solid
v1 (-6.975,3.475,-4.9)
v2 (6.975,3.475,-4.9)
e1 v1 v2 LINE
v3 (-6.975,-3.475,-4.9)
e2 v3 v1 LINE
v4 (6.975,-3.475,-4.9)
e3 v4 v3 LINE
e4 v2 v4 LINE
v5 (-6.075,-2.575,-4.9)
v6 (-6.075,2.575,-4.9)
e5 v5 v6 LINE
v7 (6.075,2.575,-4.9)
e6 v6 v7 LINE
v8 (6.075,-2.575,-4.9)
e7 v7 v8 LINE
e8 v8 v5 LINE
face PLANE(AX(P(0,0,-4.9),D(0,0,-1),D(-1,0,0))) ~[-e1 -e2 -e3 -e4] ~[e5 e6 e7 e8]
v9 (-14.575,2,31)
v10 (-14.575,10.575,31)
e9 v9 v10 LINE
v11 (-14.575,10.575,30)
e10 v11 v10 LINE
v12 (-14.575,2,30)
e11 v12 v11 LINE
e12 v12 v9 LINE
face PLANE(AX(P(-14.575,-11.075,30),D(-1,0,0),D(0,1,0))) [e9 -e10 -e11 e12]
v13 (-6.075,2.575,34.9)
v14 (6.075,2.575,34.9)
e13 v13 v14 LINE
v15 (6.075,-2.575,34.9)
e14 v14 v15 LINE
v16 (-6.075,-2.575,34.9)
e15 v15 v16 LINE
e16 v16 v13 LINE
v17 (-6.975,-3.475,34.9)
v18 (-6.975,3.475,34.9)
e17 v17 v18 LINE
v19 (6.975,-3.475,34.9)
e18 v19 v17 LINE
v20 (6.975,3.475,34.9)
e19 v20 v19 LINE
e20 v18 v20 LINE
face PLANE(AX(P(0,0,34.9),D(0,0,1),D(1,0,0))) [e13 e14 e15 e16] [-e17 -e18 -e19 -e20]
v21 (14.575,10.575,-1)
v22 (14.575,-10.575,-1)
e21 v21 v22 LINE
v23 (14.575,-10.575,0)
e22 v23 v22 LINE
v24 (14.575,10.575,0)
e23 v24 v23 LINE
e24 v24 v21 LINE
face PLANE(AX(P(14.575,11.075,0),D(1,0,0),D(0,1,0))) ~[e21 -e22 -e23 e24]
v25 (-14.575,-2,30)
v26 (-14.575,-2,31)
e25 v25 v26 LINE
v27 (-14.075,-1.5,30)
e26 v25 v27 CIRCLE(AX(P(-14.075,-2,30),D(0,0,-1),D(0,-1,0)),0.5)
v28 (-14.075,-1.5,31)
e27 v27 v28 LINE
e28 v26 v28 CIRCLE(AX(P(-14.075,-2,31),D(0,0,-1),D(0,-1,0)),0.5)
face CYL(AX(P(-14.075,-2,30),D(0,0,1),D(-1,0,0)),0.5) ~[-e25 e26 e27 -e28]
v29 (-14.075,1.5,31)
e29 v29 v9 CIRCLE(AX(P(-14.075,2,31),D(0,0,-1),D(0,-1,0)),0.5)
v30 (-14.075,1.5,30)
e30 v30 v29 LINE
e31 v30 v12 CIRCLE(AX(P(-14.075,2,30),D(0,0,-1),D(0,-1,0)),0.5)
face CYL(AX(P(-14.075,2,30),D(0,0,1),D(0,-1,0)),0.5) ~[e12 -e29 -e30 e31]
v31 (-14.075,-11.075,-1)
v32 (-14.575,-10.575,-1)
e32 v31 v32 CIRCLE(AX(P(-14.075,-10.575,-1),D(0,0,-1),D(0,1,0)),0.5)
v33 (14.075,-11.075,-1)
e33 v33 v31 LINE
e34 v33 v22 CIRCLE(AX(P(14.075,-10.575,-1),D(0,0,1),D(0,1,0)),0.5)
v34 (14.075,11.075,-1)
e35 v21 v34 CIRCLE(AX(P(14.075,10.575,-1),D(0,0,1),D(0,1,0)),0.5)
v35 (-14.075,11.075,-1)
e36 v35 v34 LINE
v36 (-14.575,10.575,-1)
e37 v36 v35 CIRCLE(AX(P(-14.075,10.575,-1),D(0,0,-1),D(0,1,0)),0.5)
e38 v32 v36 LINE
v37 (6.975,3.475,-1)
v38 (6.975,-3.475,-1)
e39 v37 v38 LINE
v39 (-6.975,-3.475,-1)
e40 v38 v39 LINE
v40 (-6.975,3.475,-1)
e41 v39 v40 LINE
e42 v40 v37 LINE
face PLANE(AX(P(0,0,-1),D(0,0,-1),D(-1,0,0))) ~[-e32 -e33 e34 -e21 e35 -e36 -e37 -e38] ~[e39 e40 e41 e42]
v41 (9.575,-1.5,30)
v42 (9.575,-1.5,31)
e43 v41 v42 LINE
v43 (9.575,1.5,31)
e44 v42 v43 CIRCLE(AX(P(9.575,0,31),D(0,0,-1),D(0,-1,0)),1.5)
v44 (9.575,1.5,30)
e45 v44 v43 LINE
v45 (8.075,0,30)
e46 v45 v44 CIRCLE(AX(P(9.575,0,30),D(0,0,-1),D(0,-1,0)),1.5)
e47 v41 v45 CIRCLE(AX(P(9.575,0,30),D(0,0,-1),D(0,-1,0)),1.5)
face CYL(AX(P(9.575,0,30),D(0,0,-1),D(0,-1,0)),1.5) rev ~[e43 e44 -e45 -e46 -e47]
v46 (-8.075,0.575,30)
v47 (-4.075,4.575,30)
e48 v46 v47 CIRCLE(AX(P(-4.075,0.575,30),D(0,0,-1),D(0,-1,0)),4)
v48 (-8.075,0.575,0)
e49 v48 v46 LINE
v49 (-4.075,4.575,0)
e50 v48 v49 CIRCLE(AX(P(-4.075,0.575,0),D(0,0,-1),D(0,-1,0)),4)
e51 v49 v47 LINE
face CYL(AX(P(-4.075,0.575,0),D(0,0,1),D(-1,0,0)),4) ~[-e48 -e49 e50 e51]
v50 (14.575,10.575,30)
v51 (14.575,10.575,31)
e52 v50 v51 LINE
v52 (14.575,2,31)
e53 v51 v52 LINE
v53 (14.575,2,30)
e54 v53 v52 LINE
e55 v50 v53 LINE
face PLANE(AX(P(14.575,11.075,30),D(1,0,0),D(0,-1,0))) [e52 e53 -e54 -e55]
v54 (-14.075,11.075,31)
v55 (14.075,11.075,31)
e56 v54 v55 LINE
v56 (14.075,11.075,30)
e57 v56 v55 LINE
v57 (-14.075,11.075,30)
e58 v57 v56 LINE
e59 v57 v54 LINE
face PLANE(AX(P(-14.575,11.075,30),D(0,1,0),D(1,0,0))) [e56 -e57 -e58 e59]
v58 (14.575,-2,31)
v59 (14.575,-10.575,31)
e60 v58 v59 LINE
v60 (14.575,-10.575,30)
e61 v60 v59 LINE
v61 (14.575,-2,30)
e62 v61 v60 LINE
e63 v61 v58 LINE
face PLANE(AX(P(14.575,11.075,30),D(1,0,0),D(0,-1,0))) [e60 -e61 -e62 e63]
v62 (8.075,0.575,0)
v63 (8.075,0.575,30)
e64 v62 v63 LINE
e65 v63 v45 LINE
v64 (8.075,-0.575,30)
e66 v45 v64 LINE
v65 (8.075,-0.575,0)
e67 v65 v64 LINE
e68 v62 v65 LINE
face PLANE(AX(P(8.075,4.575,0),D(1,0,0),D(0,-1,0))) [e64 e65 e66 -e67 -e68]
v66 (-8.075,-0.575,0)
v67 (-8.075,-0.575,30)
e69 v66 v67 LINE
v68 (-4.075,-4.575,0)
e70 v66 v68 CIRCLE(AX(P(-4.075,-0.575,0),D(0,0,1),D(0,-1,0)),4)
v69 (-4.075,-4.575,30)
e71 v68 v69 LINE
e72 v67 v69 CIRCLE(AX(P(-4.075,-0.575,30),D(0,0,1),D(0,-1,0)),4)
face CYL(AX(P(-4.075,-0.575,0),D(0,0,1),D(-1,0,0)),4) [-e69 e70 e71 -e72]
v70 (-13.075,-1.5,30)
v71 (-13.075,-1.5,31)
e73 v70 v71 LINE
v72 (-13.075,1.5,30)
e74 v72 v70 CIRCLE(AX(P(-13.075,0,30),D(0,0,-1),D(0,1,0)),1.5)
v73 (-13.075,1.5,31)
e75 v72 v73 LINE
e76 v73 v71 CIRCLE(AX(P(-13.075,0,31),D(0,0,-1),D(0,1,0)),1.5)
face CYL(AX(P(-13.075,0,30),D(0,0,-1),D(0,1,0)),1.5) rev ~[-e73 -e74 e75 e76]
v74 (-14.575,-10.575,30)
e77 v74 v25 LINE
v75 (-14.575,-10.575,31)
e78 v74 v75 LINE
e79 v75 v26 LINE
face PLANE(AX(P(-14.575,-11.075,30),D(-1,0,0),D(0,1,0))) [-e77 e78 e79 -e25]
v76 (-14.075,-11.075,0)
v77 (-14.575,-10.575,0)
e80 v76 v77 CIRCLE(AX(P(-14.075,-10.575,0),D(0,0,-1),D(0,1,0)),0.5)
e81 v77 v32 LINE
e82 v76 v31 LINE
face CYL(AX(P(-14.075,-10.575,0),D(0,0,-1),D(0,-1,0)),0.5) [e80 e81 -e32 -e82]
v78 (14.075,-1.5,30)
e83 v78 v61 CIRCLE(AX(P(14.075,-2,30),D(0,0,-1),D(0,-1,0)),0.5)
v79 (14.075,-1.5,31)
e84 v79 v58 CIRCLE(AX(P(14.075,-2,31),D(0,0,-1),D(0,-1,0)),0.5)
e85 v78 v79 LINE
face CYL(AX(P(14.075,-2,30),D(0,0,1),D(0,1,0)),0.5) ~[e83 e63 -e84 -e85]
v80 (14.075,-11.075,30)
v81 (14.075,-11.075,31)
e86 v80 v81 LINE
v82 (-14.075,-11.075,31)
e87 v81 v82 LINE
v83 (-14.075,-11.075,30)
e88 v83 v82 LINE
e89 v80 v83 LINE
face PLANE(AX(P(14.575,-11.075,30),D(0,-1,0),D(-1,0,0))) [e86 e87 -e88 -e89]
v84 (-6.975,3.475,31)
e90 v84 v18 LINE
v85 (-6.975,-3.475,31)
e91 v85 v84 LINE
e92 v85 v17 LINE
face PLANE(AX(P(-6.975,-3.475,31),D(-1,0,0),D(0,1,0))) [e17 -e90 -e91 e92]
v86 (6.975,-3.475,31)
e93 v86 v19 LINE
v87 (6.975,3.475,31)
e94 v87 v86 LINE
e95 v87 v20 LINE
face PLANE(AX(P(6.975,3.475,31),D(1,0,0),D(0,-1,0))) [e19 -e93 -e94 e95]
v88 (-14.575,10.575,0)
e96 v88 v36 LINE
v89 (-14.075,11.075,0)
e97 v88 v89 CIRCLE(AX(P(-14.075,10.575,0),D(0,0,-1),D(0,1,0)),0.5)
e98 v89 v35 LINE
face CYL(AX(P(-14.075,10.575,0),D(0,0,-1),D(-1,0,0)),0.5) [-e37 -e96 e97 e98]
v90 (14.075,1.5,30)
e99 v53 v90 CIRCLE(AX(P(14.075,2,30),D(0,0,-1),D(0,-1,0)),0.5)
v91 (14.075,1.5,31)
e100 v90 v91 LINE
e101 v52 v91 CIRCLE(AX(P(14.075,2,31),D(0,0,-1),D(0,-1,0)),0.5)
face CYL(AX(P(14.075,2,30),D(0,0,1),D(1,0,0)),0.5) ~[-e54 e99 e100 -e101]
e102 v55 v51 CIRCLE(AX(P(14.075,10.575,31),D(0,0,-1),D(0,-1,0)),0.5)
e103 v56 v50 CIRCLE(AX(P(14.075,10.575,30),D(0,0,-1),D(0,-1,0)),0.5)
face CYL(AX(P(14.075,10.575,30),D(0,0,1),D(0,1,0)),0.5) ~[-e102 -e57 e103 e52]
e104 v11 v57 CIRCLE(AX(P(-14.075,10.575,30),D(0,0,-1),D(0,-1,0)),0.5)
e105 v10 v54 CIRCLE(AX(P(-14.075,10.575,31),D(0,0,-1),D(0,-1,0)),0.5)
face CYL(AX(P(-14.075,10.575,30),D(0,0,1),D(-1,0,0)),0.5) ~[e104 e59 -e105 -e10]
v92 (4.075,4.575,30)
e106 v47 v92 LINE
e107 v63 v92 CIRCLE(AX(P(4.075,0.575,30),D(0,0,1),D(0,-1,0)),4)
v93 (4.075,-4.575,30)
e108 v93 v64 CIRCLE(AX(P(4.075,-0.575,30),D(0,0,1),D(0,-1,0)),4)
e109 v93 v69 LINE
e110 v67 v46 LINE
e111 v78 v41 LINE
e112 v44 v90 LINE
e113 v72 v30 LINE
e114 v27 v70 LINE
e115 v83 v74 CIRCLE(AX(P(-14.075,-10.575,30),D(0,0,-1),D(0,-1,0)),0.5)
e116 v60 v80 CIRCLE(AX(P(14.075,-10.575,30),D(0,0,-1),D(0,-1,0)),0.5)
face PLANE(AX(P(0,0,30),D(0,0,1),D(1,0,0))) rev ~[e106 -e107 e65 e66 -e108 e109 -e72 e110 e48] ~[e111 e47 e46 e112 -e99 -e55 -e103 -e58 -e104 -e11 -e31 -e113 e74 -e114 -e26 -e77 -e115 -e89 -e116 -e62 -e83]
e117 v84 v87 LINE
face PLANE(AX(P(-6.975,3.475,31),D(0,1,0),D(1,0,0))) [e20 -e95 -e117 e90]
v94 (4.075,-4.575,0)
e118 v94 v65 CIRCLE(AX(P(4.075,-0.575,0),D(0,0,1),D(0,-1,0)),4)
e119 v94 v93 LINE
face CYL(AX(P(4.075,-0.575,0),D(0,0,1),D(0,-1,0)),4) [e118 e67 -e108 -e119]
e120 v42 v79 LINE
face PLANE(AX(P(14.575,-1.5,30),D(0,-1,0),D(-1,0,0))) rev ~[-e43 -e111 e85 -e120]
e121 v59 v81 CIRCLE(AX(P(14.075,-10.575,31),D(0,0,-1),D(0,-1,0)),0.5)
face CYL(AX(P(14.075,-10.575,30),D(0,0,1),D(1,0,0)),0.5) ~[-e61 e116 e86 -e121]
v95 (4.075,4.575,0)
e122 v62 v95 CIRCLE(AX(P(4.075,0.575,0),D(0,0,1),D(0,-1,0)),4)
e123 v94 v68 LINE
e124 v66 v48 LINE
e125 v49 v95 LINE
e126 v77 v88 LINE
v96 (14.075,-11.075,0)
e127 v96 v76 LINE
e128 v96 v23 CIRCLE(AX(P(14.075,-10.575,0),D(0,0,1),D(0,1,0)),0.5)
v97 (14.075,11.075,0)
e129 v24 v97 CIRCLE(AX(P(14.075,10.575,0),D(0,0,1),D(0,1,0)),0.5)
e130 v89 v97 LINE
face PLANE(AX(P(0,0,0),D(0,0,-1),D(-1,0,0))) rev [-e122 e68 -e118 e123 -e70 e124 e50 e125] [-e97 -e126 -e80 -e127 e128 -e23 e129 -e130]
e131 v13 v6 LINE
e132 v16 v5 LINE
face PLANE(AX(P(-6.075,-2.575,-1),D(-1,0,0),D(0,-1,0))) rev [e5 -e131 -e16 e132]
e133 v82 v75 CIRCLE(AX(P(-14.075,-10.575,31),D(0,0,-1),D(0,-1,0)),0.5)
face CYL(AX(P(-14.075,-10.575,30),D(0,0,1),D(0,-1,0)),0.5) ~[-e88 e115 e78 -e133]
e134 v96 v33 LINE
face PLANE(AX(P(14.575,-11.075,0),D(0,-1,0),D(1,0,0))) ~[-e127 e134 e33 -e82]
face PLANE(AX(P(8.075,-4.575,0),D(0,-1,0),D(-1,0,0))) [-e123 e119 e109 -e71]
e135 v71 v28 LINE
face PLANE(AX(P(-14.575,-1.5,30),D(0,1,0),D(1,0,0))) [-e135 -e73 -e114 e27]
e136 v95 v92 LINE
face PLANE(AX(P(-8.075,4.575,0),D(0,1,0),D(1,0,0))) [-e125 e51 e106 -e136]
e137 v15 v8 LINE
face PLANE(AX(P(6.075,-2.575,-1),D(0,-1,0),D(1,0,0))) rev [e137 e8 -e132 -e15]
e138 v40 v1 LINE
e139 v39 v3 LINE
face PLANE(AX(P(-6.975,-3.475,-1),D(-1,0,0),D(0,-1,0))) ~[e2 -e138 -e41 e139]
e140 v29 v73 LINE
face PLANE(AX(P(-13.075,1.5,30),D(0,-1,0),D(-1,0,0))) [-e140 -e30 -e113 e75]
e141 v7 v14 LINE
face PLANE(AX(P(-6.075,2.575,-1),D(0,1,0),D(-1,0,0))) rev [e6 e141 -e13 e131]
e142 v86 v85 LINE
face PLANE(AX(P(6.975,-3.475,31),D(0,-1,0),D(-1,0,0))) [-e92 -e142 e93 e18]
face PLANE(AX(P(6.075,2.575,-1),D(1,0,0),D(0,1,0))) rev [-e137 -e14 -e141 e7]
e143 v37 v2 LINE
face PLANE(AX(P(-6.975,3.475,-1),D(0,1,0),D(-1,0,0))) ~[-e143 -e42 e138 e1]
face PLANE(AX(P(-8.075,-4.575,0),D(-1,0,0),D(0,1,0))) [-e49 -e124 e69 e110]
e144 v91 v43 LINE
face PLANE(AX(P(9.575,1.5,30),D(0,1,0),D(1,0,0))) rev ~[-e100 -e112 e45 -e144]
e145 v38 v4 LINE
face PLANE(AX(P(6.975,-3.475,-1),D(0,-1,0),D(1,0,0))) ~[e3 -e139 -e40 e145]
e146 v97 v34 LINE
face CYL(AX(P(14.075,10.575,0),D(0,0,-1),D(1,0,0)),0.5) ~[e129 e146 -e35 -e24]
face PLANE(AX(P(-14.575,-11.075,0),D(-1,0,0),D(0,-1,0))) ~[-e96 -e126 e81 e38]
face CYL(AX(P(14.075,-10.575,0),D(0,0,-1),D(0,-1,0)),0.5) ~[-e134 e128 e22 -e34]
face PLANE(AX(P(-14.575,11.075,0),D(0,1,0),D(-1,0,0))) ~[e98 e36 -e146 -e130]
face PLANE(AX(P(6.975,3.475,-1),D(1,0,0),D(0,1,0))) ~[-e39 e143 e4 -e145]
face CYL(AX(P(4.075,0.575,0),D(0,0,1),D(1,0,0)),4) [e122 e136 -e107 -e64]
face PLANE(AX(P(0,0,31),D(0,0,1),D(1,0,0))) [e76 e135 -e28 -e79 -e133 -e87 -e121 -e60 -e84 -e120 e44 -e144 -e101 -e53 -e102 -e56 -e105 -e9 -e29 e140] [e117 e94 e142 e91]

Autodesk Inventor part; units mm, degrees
ref_plane "YZ Plane" through (0, 0, 0) normal (1, 0, 0) x (0, 1, 0)
ref_plane "XZ Plane" through (0, 0, 0) normal (0, 1, 0) x (-1, 0, 0)
sketch "Sketch1" plane through (0, 0, 0) normal (0, 0, 1) x (1, 0, 0)
  line L0 (-6.075, -2.575) -> (6.075, -2.575)
  line L1 (6.075, -2.575) -> (6.075, 2.575)
  line L2 (6.075, 2.575) -> (-6.075, 2.575)
  line L3 (-6.075, 2.575) -> (-6.075, -2.575)
  line L4 (-6.075, -2.575) -> (6.075, 2.575) construction
  line L5 (6.075, -2.575) -> (-6.075, 2.575) construction
  line L6 (-8.075, 4.575) -> (8.075, 4.575)
  line L7 (8.075, 4.575) -> (8.075, -4.575)
  line L8 (8.075, -4.575) -> (-8.075, -4.575)
  line L9 (-8.075, -4.575) -> (-8.075, 4.575)
  point P0 (0, 0)
  dimension "d0" = 5.15
  dimension "d1" = 12.15
  dimension "d2" = 2
extrude "Extrusion1" add sketch "Sketch1" along normal blind 30
sketch "Sketch2" plane through (0, 0, 30) normal (0, 0, 1) x (1, 0, 0)
  line L0 (14.575, -11.075) -> (-14.575, -11.075)
  line L1 (-14.575, -11.075) -> (-14.575, 11.075)
  line L2 (-14.575, 11.075) -> (14.575, 11.075)
  line L3 (14.575, 11.075) -> (14.575, -11.075)
  line L4 (14.575, -11.075) -> (-14.575, 11.075) construction
  line L5 (-14.575, -11.075) -> (14.575, 11.075) construction
  line L6 (8.075, 4.575) -> (-8.075, 4.575) construction
  line L7 (-8.075, 4.575) -> (-8.075, -4.575) construction
  line L8 (8.075, -4.575) -> (8.075, 4.575) construction
  line L9 (-6.075, -2.575) -> (-6.075, 2.575) projected
  line L10 (-6.075, 2.575) -> (6.075, 2.575) projected
  line L11 (6.075, 2.575) -> (6.075, -2.575) projected
  line L12 (6.075, -2.575) -> (-6.075, -2.575) projected
  line L13 (8.075, 4.575) -> (-8.075, 4.575) projected
  line L14 (-8.075, 4.575) -> (-8.075, -4.575) projected
  line L15 (-8.075, -4.575) -> (8.075, -4.575) construction
  line L16 (8.075, -4.575) -> (8.075, 4.575) projected
  point P0 (0, 0)
  dimension "d5" = 6.5
  dimension "d6" = 6.5
extrude "Extrusion2" add sketch "Sketch2" along normal blind 1
ref_plane "Work Plane1" through (0, 0, 15) normal (0, 0, -1) x (-1, 0, 0)
mirror "Mirror1" about plane through (0, 0, 15) normal (0, 0, -1) of "Extrusion2"
fillet "Fillet1" radius 4 4 edges at (8.075, 4.575, 15) (8.075, -4.575, 15) (-8.075, -4.575, 15) (-8.075, 4.575, 15)
sketch "Sketch3" plane through (0, 0, 31) normal (0, 0, 1) x (1, 0, 0)
  line L0 (6.075, 2.575) -> (6.075, -2.575) projected
  line L1 (-6.075, 2.575) -> (6.075, 2.575) projected
  line L2 (-6.075, -2.575) -> (-6.075, 2.575) projected
  line L3 (6.075, -2.575) -> (-6.075, -2.575) projected
  line L4 (-6.975, -3.475) -> (-6.975, 3.475)
  line L5 (-6.975, 3.475) -> (6.975, 3.475)
  line L6 (6.975, 3.475) -> (6.975, -3.475)
  line L7 (6.975, -3.475) -> (-6.975, -3.475)
  point P0 (0, 0)
  dimension "d10" = 0.9
extrude "Extrusion3" add sketch "Sketch3" along normal blind 3.9
mirror "Mirror2" about plane through (0, 0, 15) normal (0, 0, -1) of "Extrusion3"
sketch "Sketch5" plane through (0, 0, 30) normal (0, 0, -1) x (-1, 0, 0)
  line L0 (-8.075, -0.575) -> (-8.075, 0.575) construction
  line L1 (-20.405, 0) -> (20.405, 0) construction
  line L2 (-8.075, -1.5) -> (-14.575, -1.5) construction
  line L3 (-14.575, -1.5) -> (-14.575, 1.5) construction
  line L4 (-14.575, 1.5) -> (-8.075, 1.5) construction
  line L5 (-8.075, 1.5) -> (-8.075, -1.5) construction
  line L6 (-8.075, -1.5) -> (-14.575, 1.5) construction
  line L7 (-14.575, -1.5) -> (-8.075, 1.5) construction
  line L8 (-14.575, -11.075) -> (-14.575, 11.075) construction
  arc A0 (-9.575, -1.5) -> (-9.575, 1.5) centre (-9.575, 0) ccw
  line L9 (-9.575, 1.5) -> (-14.575, 1.5)
  line L10 (-14.575, 1.5) -> (-14.575, -1.5)
  line L11 (-14.575, -1.5) -> (-9.575, -1.5)
  line L12 (-9.575, 0) -> (-9.575, 1.9655) construction
  line L13 (11.575, 3.0291) -> (11.575, -4.4188) construction
  line L14 (14.575, 11.075) -> (14.575, -11.075) construction
  line L15 (14.575, -1.5) -> (11.575, -1.5) construction
  line L16 (11.575, -1.5) -> (11.575, 1.5) construction
  line L17 (11.575, 1.5) -> (14.575, 1.5) construction
  line L18 (14.575, 1.5) -> (14.575, -1.5) construction
  line L19 (14.575, -1.5) -> (11.575, 1.5) construction
  line L20 (11.575, -1.5) -> (14.575, 1.5) construction
  arc A1 (13.075, 1.5) -> (13.075, -1.5) centre (13.075, 0) ccw
  line L21 (13.075, 1.5) -> (14.575, 1.5)
  line L22 (14.575, 1.5) -> (14.575, -1.5)
  line L23 (14.575, -1.5) -> (13.075, -1.5)
  point P0 (0, 0)
  point P1 (-11.325, 0)
  dimension "d13" = 3
  dimension "d14" = 1.5
  dimension "d15" = 3
  dimension "d16" = 1.5
  dimension "d17" = 3
extrude "Extrusion4" cut sketch "Sketch5" against normal through all
fillet "Fillet2" radius 0.5 12 edges at (14.575, 1.5, 30.5) (14.575, -1.5, 30.5) (-14.575, 1.5, 30.5) (-14.575, -1.5, 30.5) (-14.575, 11.075, 30.5) (14.575, 11.075, 30.5) (14.575, -11.075, 30.5) (-14.575, -11.075, 30.5) (-14.575, -11.075, -0.5) (-14.575, 11.075, -0.5) (14.575, 11.075, -0.5) (14.575, -11.075, -0.5)
equation "\"d2\" = ep"
equation "\"ep\" = 2"
properties part number "kicker_tube" material "Nylon 6/6"
